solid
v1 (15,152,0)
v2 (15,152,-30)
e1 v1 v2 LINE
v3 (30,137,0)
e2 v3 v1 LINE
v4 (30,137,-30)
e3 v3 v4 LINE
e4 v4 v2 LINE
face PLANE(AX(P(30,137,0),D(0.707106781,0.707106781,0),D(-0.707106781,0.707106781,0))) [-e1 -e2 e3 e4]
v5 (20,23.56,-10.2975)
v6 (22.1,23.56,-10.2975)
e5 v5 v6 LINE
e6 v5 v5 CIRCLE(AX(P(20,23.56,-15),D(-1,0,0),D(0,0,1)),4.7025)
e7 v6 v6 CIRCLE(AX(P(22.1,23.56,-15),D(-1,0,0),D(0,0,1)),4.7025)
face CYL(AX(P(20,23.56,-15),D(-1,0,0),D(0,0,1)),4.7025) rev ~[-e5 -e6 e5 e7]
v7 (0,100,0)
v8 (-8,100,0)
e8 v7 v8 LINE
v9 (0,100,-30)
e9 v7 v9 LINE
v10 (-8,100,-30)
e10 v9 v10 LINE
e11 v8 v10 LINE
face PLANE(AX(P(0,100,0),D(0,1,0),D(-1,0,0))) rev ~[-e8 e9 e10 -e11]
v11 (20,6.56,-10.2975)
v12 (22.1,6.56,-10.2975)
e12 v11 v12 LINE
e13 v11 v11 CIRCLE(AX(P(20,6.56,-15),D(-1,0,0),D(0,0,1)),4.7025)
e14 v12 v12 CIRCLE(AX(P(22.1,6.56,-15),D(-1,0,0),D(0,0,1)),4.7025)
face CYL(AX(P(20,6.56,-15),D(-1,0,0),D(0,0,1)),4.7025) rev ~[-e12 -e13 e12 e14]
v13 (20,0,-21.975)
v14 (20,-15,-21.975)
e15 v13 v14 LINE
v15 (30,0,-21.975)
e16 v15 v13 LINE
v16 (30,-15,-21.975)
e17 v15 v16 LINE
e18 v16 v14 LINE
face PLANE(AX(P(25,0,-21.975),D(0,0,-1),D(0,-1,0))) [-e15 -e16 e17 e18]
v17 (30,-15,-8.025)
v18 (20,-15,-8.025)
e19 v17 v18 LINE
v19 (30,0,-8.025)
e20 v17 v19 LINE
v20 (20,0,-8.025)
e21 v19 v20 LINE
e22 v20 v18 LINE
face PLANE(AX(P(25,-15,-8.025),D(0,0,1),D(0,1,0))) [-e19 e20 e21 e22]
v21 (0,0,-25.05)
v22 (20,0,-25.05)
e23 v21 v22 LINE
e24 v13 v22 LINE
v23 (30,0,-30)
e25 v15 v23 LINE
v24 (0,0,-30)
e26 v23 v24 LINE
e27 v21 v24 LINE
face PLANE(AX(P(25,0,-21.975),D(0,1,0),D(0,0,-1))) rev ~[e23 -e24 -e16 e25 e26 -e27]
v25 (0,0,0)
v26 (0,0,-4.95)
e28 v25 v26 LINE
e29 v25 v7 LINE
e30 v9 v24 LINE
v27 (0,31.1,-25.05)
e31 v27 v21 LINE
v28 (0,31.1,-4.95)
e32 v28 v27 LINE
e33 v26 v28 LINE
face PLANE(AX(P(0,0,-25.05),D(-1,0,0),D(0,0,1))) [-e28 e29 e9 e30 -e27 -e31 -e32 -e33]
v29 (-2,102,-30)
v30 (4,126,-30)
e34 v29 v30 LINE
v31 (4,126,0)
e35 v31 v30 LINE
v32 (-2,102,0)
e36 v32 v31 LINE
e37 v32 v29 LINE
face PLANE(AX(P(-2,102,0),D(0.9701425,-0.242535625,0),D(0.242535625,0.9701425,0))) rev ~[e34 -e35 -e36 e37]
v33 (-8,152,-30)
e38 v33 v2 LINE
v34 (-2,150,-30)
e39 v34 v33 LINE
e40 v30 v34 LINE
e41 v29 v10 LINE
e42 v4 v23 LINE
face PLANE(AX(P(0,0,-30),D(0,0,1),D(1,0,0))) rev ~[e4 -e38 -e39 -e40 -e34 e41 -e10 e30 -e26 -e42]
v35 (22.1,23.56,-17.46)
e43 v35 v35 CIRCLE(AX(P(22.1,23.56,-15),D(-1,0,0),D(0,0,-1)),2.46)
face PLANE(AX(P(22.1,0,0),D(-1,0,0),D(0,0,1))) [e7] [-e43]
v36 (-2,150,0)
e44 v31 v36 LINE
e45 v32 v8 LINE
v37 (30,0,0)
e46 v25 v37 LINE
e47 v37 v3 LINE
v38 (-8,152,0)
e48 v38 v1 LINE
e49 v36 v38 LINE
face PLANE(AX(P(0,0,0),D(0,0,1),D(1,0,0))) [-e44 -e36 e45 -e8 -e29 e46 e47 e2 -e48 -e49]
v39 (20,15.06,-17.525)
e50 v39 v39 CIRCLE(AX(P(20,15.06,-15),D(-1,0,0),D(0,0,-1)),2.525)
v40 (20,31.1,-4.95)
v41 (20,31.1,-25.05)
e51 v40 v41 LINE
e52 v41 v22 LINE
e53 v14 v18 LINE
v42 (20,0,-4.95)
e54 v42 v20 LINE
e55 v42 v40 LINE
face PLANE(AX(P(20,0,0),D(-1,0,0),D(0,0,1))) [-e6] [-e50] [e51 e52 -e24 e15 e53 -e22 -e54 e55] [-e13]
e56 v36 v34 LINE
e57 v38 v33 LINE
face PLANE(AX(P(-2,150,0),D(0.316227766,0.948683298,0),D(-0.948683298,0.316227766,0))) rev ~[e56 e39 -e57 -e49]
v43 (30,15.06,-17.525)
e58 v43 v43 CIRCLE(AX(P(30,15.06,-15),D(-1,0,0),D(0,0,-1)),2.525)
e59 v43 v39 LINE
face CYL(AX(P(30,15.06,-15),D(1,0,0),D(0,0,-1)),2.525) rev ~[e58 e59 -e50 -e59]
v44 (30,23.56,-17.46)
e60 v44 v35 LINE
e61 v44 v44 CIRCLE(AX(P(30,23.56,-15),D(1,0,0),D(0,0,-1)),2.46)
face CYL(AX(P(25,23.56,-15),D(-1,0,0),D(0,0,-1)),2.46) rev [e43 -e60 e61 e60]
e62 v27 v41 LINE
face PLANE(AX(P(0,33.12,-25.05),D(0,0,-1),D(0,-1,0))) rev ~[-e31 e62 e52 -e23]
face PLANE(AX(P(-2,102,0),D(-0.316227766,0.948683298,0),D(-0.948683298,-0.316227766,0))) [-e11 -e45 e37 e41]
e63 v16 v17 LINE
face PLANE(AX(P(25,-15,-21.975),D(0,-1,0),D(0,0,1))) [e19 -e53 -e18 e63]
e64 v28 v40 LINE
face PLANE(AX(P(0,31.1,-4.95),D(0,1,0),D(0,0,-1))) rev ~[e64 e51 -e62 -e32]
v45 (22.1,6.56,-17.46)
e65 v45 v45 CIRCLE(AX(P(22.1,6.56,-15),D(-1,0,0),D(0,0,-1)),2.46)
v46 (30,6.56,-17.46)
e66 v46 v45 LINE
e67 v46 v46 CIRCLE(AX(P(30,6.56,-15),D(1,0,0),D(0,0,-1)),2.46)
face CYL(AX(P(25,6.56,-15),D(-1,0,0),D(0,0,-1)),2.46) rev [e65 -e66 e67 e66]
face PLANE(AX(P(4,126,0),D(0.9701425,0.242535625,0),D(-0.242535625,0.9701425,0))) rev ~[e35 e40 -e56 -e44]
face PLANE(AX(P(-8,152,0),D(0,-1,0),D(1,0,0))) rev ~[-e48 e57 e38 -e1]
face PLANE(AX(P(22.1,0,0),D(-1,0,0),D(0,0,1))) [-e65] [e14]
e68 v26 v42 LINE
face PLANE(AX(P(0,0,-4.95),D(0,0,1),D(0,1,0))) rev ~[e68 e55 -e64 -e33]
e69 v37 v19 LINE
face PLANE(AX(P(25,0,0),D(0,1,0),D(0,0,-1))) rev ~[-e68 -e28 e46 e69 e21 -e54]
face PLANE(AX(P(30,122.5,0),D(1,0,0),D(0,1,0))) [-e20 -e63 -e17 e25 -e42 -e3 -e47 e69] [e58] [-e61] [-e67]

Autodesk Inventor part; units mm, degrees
ref_plane "YZ Plane" through (0, 0, 0) normal (1, 0, 0) x (0, 1, 0)
ref_plane "XZ Plane" through (0, 0, 0) normal (0, 1, 0) x (-1, 0, 0)
ref_plane "XY Plane" through (0, 0, 0) normal (0, 0, 1) x (1, 0, 0)
sketch "Sketch1" plane through (0, 0, 0) normal (0, 0, 1) x (1, 0, 0)
  line L0 (0, 0) -> (25, 0)
  line L1 (25, 0) -> (25, 40)
  line L2 (25, 40) -> (0, 40)
  line L3 (0, 40) -> (0, 0)
  dimension "d1" = 25
  dimension "d2" = 40
  dimension "d3" = 25
extrude "Extrusion1" add sketch "Sketch1" against normal blind 30
sketch "Sketch2" plane through (25, 0, 0) normal (1, 0, 0) x (0, 0, -1)
  line L0 (0, 0) -> (30, 0) projected
  circle A0 centre (15, 6.56) radius 2.46
extrude "Extrusion2" cut sketch "Sketch2" against normal blind 30
sketch "Sketch3" plane through (0, 0, 0) normal (-1, 0, 0) x (0, 0, 1)
  line L0 (0, 0) -> (-30, 0) projected
  line L1 (-25.05, 0) -> (-4.95, 0)
  line L2 (-4.95, 0) -> (-4.95, 33.12)
  line L3 (-4.95, 33.12) -> (-25.05, 33.12)
  line L4 (-25.05, 33.12) -> (-25.05, 0)
  dimension "d11" = 20.1
extrude "Extrusion3" cut sketch "Sketch3" against normal blind 20
sketch "Sketch4" plane through (0, 0, 0) normal (0, -1, 0) x (1, 0, 0)
  line L0 (20, -4.95) -> (20, -25.05) projected
  line L1 (20, -15) -> (25, -15)
  line L2 (25, 0) -> (25, -30) projected
  line L3 (20, -8.025) -> (25, -8.025)
  line L4 (25, -8.025) -> (25, -21.975)
  line L5 (25, -21.975) -> (20, -21.975)
  line L6 (20, -21.975) -> (20, -8.025)
  line L7 (20, -8.025) -> (25, -21.975) construction
  line L8 (25, -8.025) -> (20, -21.975) construction
  line L9 (25, -12.54) -> (25, -17.46) projected
  point P0 (0, 0)
  point P1 (22.5, -15)
  dimension "d14" = 13.95
extrude "Extrusion4" add sketch "Sketch4" along normal blind 15
sketch "Sketch5" plane through (20, 0, 0) normal (-1, 0, 0) x (0, 0, 1)
  circle A0 centre (-15, 6.56) radius 2.46 projected
  circle A1 centre (-15, 6.56) radius 4.7025
  circle A2 centre (-15, 6.56) radius 2.46 projected
  circle A3 centre (-15, 6.56) radius 2.46
  point P0 (0, 0)
  dimension "d17" = 9.405
extrude "Extrusion5" cut sketch "Sketch5" against normal blind 2.1
sketch "Sketch6" plane through (25, 0, 0) normal (1, 0, 0) x (0, 0, -1)
  circle A0 centre (15, 6.56) radius 4.7025 projected
  line L0 (15, 6.56) -> (15, 23.56)
  circle A1 centre (15, 23.56) radius 2.46
  point P0 (0, 0)
  dimension "d20" = 17
  dimension "d21" = 4.92
extrude "Extrusion6" cut sketch "Sketch6" against normal blind 10 contours A1
sketch "Sketch7" plane through (20, 0, 0) normal (-1, 0, 0) x (0, 0, 1)
  circle A0 centre (-15, 23.56) radius 2.46 projected
  circle A1 centre (-15, 23.56) radius 4.7025
  point P0 (0, 0)
  dimension "d24" = 9.405
extrude "Extrusion7" cut sketch "Sketch7" against normal blind 2.1
sketch "Sketch9" plane through (25, 0, 0) normal (1, 0, 0) x (0, 0, -1)
  circle A0 centre (15, 6.56) radius 2.46 projected
  circle A1 centre (15, 6.56) radius 2.46
  circle A2 centre (15, 23.56) radius 2.46 projected
  circle A3 centre (15, 23.56) radius 2.46
  line L0 (30, 40) -> (30, 0) projected
  line L1 (30, 0) -> (30, 40)
  line L2 (30, 40) -> (0, 40)
  line L3 (0, 40) -> (0, 0)
  line L4 (0, 0) -> (8.025, 0) projected
  line L5 (21.975, 0) -> (21.975, -15)
  line L6 (21.975, -15) -> (8.025, -15)
  line L7 (8.025, -15) -> (8.025, 0)
  line L8 (0, 0) -> (8.025, 0)
  line L9 (21.975, 0) -> (30, 0)
extrude "Extrusion8" add sketch "Sketch9" along normal blind 5
sketch "Sketch10" plane through (0, 40, 0) normal (0, 1, 0) x (1, 0, 0)
  line L0 (0, 30) -> (30, 30) projected
  line L1 (30, 0) -> (0, 0) projected
  line L2 (0, 30) -> (30, 30)
  line L3 (30, 30) -> (30, 0)
  line L4 (30, 0) -> (0, 0)
  line L5 (0, 0) -> (0, 30)
extrude "Extrusion9" add sketch "Sketch10" along normal blind 30
sketch "Sketch12" plane through (30, 0, 0) normal (1, 0, 0) x (0, 0, -1)
  circle A0 centre (15, 6.56) radius 2.46 projected
  line L0 (15, 6.56) -> (15, 15.06)
  circle A1 centre (15, 15.06) radius 2.525
  point P0 (0, 0)
  dimension "d31" = 8.5
  dimension "d33" = 5.05
extrude "Extrusion10" cut sketch "Sketch12" against normal blind 30 contours A1
sketch "Sketch14" plane through (0, 0, 0) normal (0, 0, 1) x (1, 0, 0)
  line L0 (30, 70) -> (0, 70) projected
  line L1 (0, 100) -> (-8, 100)
  line L2 (30, 0) -> (30, 70) projected
  line L3 (30, 118) -> (30, 70)
  line L4 (30, 105) -> (30, 100)
  line L5 (0, 70) -> (30, 70) projected
  line L6 (0, 70) -> (0, 100)
  line L7 (30, 122.5) -> (30, 118)
  line L8 (-2, 150) -> (-8, 152)
  line L9 (-2, 102) -> (-8, 100)
  line L10 (-2, 102) -> (4, 126)
  line L11 (4, 126) -> (-2, 150)
  line L12 (-8, 152) -> (15, 152)
  line L13 (30, 137) -> (15, 152)
  line L14 (30, 122.5) -> (30, 137)
  point P0 (0, 0)
  dimension "d47" = 30
extrude "Extrusion12" add sketch "Sketch14" against normal blind 30
sketch "Sketch15" plane through (0, 0, -25.05) normal (-1, 0, 0) x (0, 0, 1)
  line L0 (0, 33.12) -> (20.1, 33.12) projected
  line L1 (20.1, 33.12) -> (20.1, 0) projected
  line L2 (0, 33.12) -> (20.1, 33.12)
  line L3 (20.1, 33.12) -> (20.1, 31.1)
  line L4 (20.1, 31.1) -> (0, 31.1)
  line L5 (0, 31.1) -> (0, 33.12)
  point P0 (25.05, 0)
  dimension "d57" = 2.02
extrude "Extrusion13" add sketch "Sketch15" against normal blind 20
sketch "Sketch25" plane through (0, 0, 0) normal (0, 0, 1) x (1, 0, 0)
  point P0 (0, 0)
properties part number "48mm_x_30mm"
